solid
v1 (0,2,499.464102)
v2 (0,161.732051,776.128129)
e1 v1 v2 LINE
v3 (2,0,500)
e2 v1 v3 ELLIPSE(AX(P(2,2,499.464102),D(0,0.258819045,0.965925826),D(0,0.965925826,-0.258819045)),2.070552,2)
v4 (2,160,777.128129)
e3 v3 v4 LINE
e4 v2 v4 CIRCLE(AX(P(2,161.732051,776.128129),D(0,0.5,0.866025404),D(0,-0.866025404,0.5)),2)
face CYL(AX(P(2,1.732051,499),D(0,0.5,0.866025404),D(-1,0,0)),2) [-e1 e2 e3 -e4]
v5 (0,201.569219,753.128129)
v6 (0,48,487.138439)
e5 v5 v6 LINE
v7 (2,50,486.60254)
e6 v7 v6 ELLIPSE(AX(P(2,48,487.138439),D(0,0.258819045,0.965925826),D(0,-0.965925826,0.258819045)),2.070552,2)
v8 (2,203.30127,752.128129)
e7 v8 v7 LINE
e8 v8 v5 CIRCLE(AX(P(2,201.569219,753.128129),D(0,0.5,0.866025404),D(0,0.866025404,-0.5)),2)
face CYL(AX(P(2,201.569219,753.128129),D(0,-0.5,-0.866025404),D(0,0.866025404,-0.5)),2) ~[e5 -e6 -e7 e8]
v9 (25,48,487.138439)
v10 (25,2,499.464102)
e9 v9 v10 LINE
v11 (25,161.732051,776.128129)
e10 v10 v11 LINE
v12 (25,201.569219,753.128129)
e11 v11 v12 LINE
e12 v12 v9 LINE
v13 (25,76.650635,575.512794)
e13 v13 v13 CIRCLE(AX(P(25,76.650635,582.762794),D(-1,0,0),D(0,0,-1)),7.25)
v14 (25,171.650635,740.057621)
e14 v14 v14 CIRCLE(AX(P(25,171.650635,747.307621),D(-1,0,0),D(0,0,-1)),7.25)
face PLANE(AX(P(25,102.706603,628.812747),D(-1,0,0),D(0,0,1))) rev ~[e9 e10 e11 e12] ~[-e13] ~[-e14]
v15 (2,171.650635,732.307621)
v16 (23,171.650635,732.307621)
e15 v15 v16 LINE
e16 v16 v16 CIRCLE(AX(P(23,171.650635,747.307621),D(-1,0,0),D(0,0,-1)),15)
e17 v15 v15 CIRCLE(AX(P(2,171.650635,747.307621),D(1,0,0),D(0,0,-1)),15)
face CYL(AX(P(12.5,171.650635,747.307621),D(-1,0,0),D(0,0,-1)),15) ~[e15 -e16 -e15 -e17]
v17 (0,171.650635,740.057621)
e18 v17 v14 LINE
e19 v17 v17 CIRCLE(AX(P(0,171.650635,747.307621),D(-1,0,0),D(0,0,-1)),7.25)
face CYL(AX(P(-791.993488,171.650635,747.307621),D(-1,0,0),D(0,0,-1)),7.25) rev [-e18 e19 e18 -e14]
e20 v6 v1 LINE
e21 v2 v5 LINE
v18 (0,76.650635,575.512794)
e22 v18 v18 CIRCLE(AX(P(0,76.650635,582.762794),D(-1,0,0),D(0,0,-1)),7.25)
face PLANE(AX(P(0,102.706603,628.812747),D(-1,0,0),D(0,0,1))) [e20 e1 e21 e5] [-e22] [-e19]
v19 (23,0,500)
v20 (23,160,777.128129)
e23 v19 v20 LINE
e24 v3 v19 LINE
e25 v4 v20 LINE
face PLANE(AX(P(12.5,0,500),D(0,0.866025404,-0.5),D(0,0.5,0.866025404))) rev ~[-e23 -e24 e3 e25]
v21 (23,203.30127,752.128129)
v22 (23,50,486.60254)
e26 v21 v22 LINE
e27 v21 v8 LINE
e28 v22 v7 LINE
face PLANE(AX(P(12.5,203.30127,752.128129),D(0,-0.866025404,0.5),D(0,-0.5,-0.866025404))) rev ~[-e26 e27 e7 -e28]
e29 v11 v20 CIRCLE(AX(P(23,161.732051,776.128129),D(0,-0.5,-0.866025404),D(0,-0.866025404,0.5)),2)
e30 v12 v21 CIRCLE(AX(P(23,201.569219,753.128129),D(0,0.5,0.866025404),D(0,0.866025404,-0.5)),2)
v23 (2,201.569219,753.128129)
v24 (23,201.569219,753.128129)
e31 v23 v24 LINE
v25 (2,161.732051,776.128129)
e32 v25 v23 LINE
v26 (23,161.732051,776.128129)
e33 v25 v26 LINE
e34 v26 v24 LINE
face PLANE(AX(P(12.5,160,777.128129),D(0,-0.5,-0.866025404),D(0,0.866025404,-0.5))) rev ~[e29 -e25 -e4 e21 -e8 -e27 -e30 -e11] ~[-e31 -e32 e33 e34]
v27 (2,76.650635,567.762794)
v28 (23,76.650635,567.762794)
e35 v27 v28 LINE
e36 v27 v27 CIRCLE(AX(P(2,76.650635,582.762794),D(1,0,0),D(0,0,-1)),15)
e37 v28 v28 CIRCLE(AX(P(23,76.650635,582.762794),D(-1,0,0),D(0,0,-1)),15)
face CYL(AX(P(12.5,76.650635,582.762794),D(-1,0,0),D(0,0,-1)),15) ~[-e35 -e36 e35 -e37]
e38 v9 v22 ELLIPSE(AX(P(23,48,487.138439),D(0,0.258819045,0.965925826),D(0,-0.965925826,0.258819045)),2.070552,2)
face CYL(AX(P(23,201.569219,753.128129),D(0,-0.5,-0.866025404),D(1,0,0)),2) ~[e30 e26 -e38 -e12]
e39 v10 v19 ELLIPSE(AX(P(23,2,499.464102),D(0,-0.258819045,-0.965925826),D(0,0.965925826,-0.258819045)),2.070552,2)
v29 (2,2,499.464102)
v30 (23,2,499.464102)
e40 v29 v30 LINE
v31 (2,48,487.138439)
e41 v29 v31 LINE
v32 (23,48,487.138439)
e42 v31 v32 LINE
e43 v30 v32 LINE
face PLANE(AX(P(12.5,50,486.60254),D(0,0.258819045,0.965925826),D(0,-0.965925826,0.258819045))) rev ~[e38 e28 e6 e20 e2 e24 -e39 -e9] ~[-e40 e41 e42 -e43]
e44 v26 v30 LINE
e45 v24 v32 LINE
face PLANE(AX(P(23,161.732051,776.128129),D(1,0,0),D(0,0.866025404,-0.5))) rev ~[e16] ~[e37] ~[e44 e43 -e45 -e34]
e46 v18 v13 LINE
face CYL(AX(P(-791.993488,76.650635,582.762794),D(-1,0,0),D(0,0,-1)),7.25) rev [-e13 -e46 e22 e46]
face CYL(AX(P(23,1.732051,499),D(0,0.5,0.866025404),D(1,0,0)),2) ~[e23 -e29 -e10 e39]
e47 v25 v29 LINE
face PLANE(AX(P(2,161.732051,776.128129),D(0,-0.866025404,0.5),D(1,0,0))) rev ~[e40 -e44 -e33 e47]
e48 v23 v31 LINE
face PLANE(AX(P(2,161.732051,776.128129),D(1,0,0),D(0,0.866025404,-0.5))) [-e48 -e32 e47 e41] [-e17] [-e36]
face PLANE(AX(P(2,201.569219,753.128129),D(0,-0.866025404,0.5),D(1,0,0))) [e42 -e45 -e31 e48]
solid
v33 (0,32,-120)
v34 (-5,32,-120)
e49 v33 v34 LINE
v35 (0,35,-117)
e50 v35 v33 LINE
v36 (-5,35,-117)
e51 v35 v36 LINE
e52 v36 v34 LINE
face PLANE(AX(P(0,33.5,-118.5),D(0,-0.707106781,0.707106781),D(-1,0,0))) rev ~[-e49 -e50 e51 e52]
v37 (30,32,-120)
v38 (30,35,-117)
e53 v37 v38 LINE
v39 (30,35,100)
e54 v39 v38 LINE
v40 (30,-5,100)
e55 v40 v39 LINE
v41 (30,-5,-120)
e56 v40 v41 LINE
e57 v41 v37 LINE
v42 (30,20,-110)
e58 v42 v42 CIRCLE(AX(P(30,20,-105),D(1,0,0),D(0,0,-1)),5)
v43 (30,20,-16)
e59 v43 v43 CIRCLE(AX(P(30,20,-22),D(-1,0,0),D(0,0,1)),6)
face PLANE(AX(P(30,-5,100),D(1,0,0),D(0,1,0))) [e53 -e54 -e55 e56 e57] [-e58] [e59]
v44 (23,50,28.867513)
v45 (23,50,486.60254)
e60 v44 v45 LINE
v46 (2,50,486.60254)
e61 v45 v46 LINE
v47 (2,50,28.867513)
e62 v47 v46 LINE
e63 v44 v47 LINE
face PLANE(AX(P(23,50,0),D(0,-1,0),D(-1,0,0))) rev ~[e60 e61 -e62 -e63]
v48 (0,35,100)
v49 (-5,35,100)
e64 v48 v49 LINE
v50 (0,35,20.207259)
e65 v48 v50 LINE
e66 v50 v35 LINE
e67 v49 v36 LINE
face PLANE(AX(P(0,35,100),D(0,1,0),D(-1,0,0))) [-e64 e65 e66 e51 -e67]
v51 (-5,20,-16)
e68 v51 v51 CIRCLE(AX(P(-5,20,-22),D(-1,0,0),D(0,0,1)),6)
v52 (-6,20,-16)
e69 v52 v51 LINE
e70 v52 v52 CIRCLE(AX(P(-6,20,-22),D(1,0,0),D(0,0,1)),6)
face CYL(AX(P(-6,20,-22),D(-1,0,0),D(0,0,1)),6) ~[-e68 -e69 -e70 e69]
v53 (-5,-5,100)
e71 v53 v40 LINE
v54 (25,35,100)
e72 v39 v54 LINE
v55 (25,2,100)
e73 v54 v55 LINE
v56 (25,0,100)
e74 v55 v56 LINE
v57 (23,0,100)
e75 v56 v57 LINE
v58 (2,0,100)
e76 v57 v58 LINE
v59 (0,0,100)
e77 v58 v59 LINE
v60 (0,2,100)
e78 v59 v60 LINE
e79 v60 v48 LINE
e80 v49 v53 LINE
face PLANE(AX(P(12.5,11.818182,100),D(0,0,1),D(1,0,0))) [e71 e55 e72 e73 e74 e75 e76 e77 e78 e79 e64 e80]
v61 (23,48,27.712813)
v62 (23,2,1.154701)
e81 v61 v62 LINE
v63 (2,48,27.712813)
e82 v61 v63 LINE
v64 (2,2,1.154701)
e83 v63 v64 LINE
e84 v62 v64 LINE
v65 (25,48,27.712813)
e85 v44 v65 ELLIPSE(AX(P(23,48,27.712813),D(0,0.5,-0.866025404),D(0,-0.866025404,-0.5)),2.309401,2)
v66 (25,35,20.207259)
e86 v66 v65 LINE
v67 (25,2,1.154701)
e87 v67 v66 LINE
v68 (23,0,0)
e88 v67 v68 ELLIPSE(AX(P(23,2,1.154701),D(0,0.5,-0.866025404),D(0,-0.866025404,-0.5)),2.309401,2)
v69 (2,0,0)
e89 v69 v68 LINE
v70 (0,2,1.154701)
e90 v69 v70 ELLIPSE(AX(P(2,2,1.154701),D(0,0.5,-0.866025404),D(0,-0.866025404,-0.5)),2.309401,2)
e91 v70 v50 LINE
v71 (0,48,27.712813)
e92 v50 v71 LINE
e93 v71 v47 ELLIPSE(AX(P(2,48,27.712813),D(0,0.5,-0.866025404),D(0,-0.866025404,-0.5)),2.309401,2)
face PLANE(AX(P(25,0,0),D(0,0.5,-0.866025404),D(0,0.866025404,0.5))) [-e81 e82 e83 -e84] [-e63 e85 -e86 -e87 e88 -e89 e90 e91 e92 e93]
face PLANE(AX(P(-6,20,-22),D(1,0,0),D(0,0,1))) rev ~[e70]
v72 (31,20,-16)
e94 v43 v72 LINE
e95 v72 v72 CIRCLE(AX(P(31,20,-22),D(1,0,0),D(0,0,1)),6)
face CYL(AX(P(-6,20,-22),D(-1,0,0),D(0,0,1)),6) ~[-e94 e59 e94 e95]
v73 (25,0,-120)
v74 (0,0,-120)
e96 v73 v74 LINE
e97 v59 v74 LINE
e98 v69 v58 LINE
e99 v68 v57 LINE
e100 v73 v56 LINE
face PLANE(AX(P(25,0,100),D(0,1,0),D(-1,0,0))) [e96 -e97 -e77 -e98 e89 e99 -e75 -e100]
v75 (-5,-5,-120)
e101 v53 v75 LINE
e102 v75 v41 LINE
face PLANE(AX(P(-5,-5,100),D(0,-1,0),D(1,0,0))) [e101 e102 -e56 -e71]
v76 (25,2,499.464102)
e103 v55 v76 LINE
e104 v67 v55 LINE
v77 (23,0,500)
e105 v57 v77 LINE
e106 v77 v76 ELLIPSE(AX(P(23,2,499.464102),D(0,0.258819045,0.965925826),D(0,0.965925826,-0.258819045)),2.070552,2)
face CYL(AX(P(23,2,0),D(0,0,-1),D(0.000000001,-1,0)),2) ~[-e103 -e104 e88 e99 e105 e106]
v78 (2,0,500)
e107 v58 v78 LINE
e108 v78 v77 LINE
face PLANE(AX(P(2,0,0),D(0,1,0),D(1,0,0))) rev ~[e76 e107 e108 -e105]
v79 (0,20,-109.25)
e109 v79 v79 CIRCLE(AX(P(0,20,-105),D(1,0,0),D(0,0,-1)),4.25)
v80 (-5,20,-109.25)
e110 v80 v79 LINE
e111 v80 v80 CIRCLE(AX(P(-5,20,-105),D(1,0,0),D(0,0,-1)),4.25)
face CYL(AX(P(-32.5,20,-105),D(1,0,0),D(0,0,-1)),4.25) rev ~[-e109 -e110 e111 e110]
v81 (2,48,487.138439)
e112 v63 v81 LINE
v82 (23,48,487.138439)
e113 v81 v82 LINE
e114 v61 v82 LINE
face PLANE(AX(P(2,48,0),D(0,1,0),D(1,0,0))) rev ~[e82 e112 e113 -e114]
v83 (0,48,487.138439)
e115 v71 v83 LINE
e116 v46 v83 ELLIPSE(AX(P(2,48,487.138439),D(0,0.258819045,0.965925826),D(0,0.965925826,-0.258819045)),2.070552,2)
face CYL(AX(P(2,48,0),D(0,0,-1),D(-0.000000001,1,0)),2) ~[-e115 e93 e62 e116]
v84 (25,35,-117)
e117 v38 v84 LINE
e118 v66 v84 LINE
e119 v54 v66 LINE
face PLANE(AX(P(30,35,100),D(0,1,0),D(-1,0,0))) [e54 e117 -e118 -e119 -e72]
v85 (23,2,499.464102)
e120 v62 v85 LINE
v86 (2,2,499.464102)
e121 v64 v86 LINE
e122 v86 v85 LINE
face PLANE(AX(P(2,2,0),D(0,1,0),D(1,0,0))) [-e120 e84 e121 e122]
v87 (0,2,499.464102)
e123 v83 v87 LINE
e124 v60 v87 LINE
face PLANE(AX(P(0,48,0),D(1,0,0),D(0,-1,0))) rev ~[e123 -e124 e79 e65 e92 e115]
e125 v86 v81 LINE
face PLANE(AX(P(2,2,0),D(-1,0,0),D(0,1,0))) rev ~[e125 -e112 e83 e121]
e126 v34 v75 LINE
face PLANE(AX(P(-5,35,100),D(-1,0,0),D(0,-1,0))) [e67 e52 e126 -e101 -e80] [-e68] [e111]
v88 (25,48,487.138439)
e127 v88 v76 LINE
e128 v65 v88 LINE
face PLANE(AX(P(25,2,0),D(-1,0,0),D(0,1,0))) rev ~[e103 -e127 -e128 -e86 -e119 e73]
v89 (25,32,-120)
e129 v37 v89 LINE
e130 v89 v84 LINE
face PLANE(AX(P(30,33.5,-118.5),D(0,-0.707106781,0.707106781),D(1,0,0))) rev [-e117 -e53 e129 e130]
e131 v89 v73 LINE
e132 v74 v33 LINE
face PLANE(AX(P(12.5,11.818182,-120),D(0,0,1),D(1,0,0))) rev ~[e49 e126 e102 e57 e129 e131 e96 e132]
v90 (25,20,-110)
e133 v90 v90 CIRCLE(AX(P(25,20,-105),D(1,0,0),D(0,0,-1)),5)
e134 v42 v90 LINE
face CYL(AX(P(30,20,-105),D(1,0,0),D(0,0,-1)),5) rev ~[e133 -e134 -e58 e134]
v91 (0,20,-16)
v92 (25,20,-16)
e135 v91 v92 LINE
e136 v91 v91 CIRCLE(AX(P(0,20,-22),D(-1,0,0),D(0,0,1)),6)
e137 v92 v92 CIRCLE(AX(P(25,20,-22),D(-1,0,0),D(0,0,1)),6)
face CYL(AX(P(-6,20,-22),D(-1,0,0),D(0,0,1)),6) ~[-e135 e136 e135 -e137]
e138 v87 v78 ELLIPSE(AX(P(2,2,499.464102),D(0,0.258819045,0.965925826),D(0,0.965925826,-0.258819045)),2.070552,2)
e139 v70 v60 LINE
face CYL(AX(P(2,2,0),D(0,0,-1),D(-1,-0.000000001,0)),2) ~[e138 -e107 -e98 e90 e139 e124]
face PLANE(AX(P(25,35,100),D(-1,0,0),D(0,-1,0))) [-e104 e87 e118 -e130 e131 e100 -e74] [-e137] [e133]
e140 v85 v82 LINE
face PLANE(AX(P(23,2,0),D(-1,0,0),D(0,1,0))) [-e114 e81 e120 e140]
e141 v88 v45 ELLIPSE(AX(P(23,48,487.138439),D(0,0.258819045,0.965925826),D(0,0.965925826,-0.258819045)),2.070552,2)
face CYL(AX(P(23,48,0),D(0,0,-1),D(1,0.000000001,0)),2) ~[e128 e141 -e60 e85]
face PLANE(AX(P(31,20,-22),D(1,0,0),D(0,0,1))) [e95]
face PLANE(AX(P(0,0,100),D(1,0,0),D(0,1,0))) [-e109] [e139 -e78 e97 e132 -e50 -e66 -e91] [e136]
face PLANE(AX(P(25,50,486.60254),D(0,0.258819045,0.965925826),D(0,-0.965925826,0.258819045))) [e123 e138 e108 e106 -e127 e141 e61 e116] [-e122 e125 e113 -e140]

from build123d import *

# Parameters (mm, degrees)
SCHIZZO1_W                               = 21
SCHIZZO1_H                               = 46
ESTRUSIONE_SOTTILE1_DEPTH                = 500
TAGLIO_ESTRUSIONE1_DEPTH                 = 504.115294937
ESTRUSIONE_SOTTILE2_DEPTH                = 120
ESTRUSIONE_SOTTILE2_DEPTH_BACK           = 100
ESTRUSIONE_ESTRUSIONE3_DEPTH             = 1
ESTRUSIONE_ESTRUSIONE3_DEPTH_BACK        = 36
SCHIZZO6_R                               = 6
SCHIZZO7_R                               = 5
TAGLIO_ESTRUSIONE2_DEPTH                 = 10
SMUSSO1_SIZE                             = 3
TAGLIO_ESTRUSIONE3_DEPTH                 = 25
M10_TAPPED_HOLE1_D                       = 8.5
M10_TAPPED_HOLE1_DEPTH                   = 27.5
M10_TAPPED_HOLE1_TIP                     = 2.553657631
ESTRUSIONE_ESTRUSIONE5_DEPTH             = 12.5
RACCORDO1_R                              = 2
SCHIZZO12_W                              = 21
SCHIZZO12_H                              = 46
TAGLIO_ESTRUSIONE4_DEPTH                 = 862.794606464
TAGLIO_ESTRUSIONE5_DEPTH                 = 804.493488257
TAGLIO_ESTRUSIONE5_DEPTH_BACK            = 804.493488257
SCHIZZO13_R                              = 7.25
ESTRUSIONE_ESTRUSIONE6_REACH             = 805.493
SCHIZZO14_R                              = 15
SCHIZZO14_R_2                            = 7.25
ESTRUSIONE_ESTRUSIONE6_DIRECTION_2_REACH = 805.493


with BuildPart() as part:
    # Schizzo1 → Estrusione-Sottile1 (new body)
    with BuildSketch(Plane.XY):
        with BuildLine():
            Line((0, 48), (0, 2))
            ThreePointArc((0, 2), (0.585786438, 0.585786438), (2, 0))
            Line((2, 0), (23, 0))
            ThreePointArc((23, 0), (24.414213562, 0.585786438), (25, 2))
            Line((25, 2), (25, 48))
            ThreePointArc((25, 48), (24.414213562, 49.414213562), (23, 50))
            Line((23, 50), (2, 50))
            ThreePointArc((2, 50), (0.585786438, 49.414213562), (0, 48))
        make_face()
        with Locations((12.5, 25)):
            Rectangle(SCHIZZO1_W, SCHIZZO1_H, mode=Mode.SUBTRACT)
    extrude(amount=ESTRUSIONE_SOTTILE1_DEPTH)

    # Schizzo2 → Taglio-Estrusione1 (cut, through all)
    with BuildSketch(Plane(origin=(25, 0, 0), x_dir=(0, 0, -1), z_dir=(1, 0, 0))):
        Polygon((-500, 0), (-500, 50), (-486.602540378, 50), align=None)
    extrude(amount=-TAGLIO_ESTRUSIONE1_DEPTH, mode=Mode.SUBTRACT)

    # Schizzo5 → Estrusione-Sottile2 (add, two sides: drawn at the far end of the back side and taken through both)
    with BuildSketch(Plane(origin=(0, 0, 0), x_dir=(-1, 0, 0), z_dir=(0, 0, -1)).offset(-ESTRUSIONE_SOTTILE2_DEPTH_BACK)):
        Polygon((-25, 35), (-25, 0), (0, 0), (0, 35), (5, 35), (5, -5), (-30, -5), (-30, 35), align=None)
    extrude(amount=ESTRUSIONE_SOTTILE2_DEPTH + ESTRUSIONE_SOTTILE2_DEPTH_BACK)

    # Schizzo6 → Estrusione-Estrusione3 (add, two sides: drawn at the far end of the back side and taken through both)
    with BuildSketch(Plane(origin=(30, 0, 0), x_dir=(0, 0, -1), z_dir=(1, 0, 0)).offset(-ESTRUSIONE_ESTRUSIONE3_DEPTH_BACK)):
        with Locations((22, 20)):
            Circle(SCHIZZO6_R)
    extrude(amount=ESTRUSIONE_ESTRUSIONE3_DEPTH + ESTRUSIONE_ESTRUSIONE3_DEPTH_BACK)

    # Schizzo7 → Taglio-Estrusione2 (cut)
    with BuildSketch(Plane(origin=(30, 0, 0), x_dir=(0, 0, -1), z_dir=(1, 0, 0))):
        with Locations((105, 20)):
            Circle(SCHIZZO7_R)
    extrude(amount=-TAGLIO_ESTRUSIONE2_DEPTH, mode=Mode.SUBTRACT)

    # Smusso1
    smusso1_edges = [part.edges().sort_by_distance(p)[0] for p in [
        (-2.5, 35, -120),
        (27.5, 35, -120),
    ]]
    chamfer(smusso1_edges, length=SMUSSO1_SIZE)

    # Schizzo8 → Taglio-Estrusione3 (cut)
    with BuildSketch(Plane(origin=(25, 0, 0), x_dir=(0, 0, -1), z_dir=(1, 0, 0))):
        Polygon((0, 0), (-28.867513459, 50), (0, 50), align=None)
    extrude(amount=-TAGLIO_ESTRUSIONE3_DEPTH, mode=Mode.SUBTRACT)

    # M10 Tapped Hole1
    with Locations(Plane.ZY.offset(5)):
        with Locations((-105, 20)):
            Hole(M10_TAPPED_HOLE1_D / 2, depth=M10_TAPPED_HOLE1_DEPTH)
            with Locations((0, 0, -(M10_TAPPED_HOLE1_DEPTH + M10_TAPPED_HOLE1_TIP / 2))):  # 118° drill point
                Cone(0, M10_TAPPED_HOLE1_D / 2, M10_TAPPED_HOLE1_TIP, mode=Mode.SUBTRACT)


with BuildPart() as body_2:
    # Schizzo11 → Estrusione-Estrusione5 (new, symmetric)
    with BuildSketch(Plane(origin=(12.5, 0, 0), x_dir=(0, 0, -1), z_dir=(1, 0, 0))):
        Polygon((-777.128129211, 160), (-752.128129211, 203.301270189), (-486.602540378, 50), (-500, 0), align=None)
    extrude(amount=ESTRUSIONE_ESTRUSIONE5_DEPTH, both=True)

    # Raccordo1
    raccordo1_edges = [body_2.edges().sort_by_distance(p)[0] for p in [
        (0, 80, 638.564064606),
        (25, 80, 638.564064606),
        (0, 126.650635095, 619.365334795),
        (25, 126.650635095, 619.365334795),
    ]]
    fillet(raccordo1_edges, radius=RACCORDO1_R)

    # Schizzo12 → Taglio-Estrusione4 (cut, through all)
    with BuildSketch(Plane(origin=(0, 376.506350946, 652.128129211), x_dir=(1, 0, 0), z_dir=(0, 0.4999999999999913, 0.8660254037844438))):
        with Locations((12.5, -225)):
            Rectangle(SCHIZZO12_W, SCHIZZO12_H)
    extrude(amount=-TAGLIO_ESTRUSIONE4_DEPTH, mode=Mode.SUBTRACT)

    # Schizzo13 → Taglio-Estrusione5 (cut, two sides: drawn at the far end of the back side and taken through both)
    with BuildSketch(Plane(origin=(12.5, 0, 0), x_dir=(0, 0, -1), z_dir=(1, 0, 0)).offset(-TAGLIO_ESTRUSIONE5_DEPTH_BACK)):
        with Locations((-747.307621135, 171.650635095)):
            Circle(SCHIZZO13_R)
        with Locations((-582.762794416, 76.650635095)):
            Circle(SCHIZZO13_R)
    extrude(amount=TAGLIO_ESTRUSIONE5_DEPTH + TAGLIO_ESTRUSIONE5_DEPTH_BACK, mode=Mode.SUBTRACT)

    # Estrusione-Estrusione6: up to this face of the body (flat: up to its plane)
    estrusione_estrusione6_end = Plane(body_2.part.faces().sort_by_distance((2, 102.692889262, 628.177991904))[0])
    # Schizzo14 → Estrusione-Estrusione6 (add, up to the picked face)
    with BuildSketch(Plane(origin=(12.5, 0, 0), x_dir=(0, 0, -1), z_dir=(1, 0, 0)), mode=Mode.PRIVATE) as estrusione_estrusione6_sk1:
        with Locations((-747.307621135, 171.650635095)):
            Circle(SCHIZZO14_R)
        with Locations((-747.307621135, 171.650635095)):
            Circle(SCHIZZO14_R_2, mode=Mode.SUBTRACT)
    estrusione_estrusione6_tool1 = split(extrude(estrusione_estrusione6_sk1.sketch, amount=-ESTRUSIONE_ESTRUSIONE6_REACH, mode=Mode.PRIVATE), bisect_by=estrusione_estrusione6_end, keep=Keep.BOTH, mode=Mode.PRIVATE)
    # Schizzo14 → Estrusione-Estrusione6 (add, up to the picked face)
    with BuildSketch(Plane(origin=(12.5, 0, 0), x_dir=(0, 0, -1), z_dir=(1, 0, 0)), mode=Mode.PRIVATE) as estrusione_estrusione6_sk2:
        with Locations((-582.762794416, 76.650635095)):
            Circle(SCHIZZO14_R)
        with Locations((-582.762794416, 76.650635095)):
            Circle(SCHIZZO14_R_2, mode=Mode.SUBTRACT)
    estrusione_estrusione6_tool2 = split(extrude(estrusione_estrusione6_sk2.sketch, amount=-ESTRUSIONE_ESTRUSIONE6_REACH, mode=Mode.PRIVATE), bisect_by=estrusione_estrusione6_end, keep=Keep.BOTH, mode=Mode.PRIVATE)
    add(estrusione_estrusione6_tool1.solids().sort_by(Axis((12.5, 171.650635, 761.883357), (-1, 0, 0)))[0])
    add(estrusione_estrusione6_tool2.solids().sort_by(Axis((12.5, 76.650635, 597.33853), (-1, 0, 0)))[0])

    # Estrusione-Estrusione6 direction 2: up to this face of the body (flat: up to its plane)
    estrusione_estrusione6_direction_2_end = Plane(body_2.part.faces().sort_by_distance((23, 102.692889262, 628.177991904))[0])
    # Schizzo14 → Estrusione-Estrusione6 direction 2 (add, up to the picked face)
    with BuildSketch(Plane(origin=(12.5, 0, 0), x_dir=(0, 0, -1), z_dir=(1, 0, 0)), mode=Mode.PRIVATE) as estrusione_estrusione6_direction_2_sk1:
        with Locations((-747.307621135, 171.650635095)):
            Circle(SCHIZZO14_R)
        with Locations((-747.307621135, 171.650635095)):
            Circle(SCHIZZO14_R_2, mode=Mode.SUBTRACT)
    estrusione_estrusione6_direction_2_tool1 = split(extrude(estrusione_estrusione6_direction_2_sk1.sketch, amount=ESTRUSIONE_ESTRUSIONE6_DIRECTION_2_REACH, mode=Mode.PRIVATE), bisect_by=estrusione_estrusione6_direction_2_end, keep=Keep.BOTH, mode=Mode.PRIVATE)
    # Schizzo14 → Estrusione-Estrusione6 direction 2 (add, up to the picked face)
    with BuildSketch(Plane(origin=(12.5, 0, 0), x_dir=(0, 0, -1), z_dir=(1, 0, 0)), mode=Mode.PRIVATE) as estrusione_estrusione6_direction_2_sk2:
        with Locations((-582.762794416, 76.650635095)):
            Circle(SCHIZZO14_R)
        with Locations((-582.762794416, 76.650635095)):
            Circle(SCHIZZO14_R_2, mode=Mode.SUBTRACT)
    estrusione_estrusione6_direction_2_tool2 = split(extrude(estrusione_estrusione6_direction_2_sk2.sketch, amount=ESTRUSIONE_ESTRUSIONE6_DIRECTION_2_REACH, mode=Mode.PRIVATE), bisect_by=estrusione_estrusione6_direction_2_end, keep=Keep.BOTH, mode=Mode.PRIVATE)
    add(estrusione_estrusione6_direction_2_tool1.solids().sort_by(Axis((12.5, 171.650635, 761.883357), (1, 0, 0)))[0])
    add(estrusione_estrusione6_direction_2_tool2.solids().sort_by(Axis((12.5, 76.650635, 597.33853), (1, 0, 0)))[0])


solid = Compound([part.part, body_2.part])
